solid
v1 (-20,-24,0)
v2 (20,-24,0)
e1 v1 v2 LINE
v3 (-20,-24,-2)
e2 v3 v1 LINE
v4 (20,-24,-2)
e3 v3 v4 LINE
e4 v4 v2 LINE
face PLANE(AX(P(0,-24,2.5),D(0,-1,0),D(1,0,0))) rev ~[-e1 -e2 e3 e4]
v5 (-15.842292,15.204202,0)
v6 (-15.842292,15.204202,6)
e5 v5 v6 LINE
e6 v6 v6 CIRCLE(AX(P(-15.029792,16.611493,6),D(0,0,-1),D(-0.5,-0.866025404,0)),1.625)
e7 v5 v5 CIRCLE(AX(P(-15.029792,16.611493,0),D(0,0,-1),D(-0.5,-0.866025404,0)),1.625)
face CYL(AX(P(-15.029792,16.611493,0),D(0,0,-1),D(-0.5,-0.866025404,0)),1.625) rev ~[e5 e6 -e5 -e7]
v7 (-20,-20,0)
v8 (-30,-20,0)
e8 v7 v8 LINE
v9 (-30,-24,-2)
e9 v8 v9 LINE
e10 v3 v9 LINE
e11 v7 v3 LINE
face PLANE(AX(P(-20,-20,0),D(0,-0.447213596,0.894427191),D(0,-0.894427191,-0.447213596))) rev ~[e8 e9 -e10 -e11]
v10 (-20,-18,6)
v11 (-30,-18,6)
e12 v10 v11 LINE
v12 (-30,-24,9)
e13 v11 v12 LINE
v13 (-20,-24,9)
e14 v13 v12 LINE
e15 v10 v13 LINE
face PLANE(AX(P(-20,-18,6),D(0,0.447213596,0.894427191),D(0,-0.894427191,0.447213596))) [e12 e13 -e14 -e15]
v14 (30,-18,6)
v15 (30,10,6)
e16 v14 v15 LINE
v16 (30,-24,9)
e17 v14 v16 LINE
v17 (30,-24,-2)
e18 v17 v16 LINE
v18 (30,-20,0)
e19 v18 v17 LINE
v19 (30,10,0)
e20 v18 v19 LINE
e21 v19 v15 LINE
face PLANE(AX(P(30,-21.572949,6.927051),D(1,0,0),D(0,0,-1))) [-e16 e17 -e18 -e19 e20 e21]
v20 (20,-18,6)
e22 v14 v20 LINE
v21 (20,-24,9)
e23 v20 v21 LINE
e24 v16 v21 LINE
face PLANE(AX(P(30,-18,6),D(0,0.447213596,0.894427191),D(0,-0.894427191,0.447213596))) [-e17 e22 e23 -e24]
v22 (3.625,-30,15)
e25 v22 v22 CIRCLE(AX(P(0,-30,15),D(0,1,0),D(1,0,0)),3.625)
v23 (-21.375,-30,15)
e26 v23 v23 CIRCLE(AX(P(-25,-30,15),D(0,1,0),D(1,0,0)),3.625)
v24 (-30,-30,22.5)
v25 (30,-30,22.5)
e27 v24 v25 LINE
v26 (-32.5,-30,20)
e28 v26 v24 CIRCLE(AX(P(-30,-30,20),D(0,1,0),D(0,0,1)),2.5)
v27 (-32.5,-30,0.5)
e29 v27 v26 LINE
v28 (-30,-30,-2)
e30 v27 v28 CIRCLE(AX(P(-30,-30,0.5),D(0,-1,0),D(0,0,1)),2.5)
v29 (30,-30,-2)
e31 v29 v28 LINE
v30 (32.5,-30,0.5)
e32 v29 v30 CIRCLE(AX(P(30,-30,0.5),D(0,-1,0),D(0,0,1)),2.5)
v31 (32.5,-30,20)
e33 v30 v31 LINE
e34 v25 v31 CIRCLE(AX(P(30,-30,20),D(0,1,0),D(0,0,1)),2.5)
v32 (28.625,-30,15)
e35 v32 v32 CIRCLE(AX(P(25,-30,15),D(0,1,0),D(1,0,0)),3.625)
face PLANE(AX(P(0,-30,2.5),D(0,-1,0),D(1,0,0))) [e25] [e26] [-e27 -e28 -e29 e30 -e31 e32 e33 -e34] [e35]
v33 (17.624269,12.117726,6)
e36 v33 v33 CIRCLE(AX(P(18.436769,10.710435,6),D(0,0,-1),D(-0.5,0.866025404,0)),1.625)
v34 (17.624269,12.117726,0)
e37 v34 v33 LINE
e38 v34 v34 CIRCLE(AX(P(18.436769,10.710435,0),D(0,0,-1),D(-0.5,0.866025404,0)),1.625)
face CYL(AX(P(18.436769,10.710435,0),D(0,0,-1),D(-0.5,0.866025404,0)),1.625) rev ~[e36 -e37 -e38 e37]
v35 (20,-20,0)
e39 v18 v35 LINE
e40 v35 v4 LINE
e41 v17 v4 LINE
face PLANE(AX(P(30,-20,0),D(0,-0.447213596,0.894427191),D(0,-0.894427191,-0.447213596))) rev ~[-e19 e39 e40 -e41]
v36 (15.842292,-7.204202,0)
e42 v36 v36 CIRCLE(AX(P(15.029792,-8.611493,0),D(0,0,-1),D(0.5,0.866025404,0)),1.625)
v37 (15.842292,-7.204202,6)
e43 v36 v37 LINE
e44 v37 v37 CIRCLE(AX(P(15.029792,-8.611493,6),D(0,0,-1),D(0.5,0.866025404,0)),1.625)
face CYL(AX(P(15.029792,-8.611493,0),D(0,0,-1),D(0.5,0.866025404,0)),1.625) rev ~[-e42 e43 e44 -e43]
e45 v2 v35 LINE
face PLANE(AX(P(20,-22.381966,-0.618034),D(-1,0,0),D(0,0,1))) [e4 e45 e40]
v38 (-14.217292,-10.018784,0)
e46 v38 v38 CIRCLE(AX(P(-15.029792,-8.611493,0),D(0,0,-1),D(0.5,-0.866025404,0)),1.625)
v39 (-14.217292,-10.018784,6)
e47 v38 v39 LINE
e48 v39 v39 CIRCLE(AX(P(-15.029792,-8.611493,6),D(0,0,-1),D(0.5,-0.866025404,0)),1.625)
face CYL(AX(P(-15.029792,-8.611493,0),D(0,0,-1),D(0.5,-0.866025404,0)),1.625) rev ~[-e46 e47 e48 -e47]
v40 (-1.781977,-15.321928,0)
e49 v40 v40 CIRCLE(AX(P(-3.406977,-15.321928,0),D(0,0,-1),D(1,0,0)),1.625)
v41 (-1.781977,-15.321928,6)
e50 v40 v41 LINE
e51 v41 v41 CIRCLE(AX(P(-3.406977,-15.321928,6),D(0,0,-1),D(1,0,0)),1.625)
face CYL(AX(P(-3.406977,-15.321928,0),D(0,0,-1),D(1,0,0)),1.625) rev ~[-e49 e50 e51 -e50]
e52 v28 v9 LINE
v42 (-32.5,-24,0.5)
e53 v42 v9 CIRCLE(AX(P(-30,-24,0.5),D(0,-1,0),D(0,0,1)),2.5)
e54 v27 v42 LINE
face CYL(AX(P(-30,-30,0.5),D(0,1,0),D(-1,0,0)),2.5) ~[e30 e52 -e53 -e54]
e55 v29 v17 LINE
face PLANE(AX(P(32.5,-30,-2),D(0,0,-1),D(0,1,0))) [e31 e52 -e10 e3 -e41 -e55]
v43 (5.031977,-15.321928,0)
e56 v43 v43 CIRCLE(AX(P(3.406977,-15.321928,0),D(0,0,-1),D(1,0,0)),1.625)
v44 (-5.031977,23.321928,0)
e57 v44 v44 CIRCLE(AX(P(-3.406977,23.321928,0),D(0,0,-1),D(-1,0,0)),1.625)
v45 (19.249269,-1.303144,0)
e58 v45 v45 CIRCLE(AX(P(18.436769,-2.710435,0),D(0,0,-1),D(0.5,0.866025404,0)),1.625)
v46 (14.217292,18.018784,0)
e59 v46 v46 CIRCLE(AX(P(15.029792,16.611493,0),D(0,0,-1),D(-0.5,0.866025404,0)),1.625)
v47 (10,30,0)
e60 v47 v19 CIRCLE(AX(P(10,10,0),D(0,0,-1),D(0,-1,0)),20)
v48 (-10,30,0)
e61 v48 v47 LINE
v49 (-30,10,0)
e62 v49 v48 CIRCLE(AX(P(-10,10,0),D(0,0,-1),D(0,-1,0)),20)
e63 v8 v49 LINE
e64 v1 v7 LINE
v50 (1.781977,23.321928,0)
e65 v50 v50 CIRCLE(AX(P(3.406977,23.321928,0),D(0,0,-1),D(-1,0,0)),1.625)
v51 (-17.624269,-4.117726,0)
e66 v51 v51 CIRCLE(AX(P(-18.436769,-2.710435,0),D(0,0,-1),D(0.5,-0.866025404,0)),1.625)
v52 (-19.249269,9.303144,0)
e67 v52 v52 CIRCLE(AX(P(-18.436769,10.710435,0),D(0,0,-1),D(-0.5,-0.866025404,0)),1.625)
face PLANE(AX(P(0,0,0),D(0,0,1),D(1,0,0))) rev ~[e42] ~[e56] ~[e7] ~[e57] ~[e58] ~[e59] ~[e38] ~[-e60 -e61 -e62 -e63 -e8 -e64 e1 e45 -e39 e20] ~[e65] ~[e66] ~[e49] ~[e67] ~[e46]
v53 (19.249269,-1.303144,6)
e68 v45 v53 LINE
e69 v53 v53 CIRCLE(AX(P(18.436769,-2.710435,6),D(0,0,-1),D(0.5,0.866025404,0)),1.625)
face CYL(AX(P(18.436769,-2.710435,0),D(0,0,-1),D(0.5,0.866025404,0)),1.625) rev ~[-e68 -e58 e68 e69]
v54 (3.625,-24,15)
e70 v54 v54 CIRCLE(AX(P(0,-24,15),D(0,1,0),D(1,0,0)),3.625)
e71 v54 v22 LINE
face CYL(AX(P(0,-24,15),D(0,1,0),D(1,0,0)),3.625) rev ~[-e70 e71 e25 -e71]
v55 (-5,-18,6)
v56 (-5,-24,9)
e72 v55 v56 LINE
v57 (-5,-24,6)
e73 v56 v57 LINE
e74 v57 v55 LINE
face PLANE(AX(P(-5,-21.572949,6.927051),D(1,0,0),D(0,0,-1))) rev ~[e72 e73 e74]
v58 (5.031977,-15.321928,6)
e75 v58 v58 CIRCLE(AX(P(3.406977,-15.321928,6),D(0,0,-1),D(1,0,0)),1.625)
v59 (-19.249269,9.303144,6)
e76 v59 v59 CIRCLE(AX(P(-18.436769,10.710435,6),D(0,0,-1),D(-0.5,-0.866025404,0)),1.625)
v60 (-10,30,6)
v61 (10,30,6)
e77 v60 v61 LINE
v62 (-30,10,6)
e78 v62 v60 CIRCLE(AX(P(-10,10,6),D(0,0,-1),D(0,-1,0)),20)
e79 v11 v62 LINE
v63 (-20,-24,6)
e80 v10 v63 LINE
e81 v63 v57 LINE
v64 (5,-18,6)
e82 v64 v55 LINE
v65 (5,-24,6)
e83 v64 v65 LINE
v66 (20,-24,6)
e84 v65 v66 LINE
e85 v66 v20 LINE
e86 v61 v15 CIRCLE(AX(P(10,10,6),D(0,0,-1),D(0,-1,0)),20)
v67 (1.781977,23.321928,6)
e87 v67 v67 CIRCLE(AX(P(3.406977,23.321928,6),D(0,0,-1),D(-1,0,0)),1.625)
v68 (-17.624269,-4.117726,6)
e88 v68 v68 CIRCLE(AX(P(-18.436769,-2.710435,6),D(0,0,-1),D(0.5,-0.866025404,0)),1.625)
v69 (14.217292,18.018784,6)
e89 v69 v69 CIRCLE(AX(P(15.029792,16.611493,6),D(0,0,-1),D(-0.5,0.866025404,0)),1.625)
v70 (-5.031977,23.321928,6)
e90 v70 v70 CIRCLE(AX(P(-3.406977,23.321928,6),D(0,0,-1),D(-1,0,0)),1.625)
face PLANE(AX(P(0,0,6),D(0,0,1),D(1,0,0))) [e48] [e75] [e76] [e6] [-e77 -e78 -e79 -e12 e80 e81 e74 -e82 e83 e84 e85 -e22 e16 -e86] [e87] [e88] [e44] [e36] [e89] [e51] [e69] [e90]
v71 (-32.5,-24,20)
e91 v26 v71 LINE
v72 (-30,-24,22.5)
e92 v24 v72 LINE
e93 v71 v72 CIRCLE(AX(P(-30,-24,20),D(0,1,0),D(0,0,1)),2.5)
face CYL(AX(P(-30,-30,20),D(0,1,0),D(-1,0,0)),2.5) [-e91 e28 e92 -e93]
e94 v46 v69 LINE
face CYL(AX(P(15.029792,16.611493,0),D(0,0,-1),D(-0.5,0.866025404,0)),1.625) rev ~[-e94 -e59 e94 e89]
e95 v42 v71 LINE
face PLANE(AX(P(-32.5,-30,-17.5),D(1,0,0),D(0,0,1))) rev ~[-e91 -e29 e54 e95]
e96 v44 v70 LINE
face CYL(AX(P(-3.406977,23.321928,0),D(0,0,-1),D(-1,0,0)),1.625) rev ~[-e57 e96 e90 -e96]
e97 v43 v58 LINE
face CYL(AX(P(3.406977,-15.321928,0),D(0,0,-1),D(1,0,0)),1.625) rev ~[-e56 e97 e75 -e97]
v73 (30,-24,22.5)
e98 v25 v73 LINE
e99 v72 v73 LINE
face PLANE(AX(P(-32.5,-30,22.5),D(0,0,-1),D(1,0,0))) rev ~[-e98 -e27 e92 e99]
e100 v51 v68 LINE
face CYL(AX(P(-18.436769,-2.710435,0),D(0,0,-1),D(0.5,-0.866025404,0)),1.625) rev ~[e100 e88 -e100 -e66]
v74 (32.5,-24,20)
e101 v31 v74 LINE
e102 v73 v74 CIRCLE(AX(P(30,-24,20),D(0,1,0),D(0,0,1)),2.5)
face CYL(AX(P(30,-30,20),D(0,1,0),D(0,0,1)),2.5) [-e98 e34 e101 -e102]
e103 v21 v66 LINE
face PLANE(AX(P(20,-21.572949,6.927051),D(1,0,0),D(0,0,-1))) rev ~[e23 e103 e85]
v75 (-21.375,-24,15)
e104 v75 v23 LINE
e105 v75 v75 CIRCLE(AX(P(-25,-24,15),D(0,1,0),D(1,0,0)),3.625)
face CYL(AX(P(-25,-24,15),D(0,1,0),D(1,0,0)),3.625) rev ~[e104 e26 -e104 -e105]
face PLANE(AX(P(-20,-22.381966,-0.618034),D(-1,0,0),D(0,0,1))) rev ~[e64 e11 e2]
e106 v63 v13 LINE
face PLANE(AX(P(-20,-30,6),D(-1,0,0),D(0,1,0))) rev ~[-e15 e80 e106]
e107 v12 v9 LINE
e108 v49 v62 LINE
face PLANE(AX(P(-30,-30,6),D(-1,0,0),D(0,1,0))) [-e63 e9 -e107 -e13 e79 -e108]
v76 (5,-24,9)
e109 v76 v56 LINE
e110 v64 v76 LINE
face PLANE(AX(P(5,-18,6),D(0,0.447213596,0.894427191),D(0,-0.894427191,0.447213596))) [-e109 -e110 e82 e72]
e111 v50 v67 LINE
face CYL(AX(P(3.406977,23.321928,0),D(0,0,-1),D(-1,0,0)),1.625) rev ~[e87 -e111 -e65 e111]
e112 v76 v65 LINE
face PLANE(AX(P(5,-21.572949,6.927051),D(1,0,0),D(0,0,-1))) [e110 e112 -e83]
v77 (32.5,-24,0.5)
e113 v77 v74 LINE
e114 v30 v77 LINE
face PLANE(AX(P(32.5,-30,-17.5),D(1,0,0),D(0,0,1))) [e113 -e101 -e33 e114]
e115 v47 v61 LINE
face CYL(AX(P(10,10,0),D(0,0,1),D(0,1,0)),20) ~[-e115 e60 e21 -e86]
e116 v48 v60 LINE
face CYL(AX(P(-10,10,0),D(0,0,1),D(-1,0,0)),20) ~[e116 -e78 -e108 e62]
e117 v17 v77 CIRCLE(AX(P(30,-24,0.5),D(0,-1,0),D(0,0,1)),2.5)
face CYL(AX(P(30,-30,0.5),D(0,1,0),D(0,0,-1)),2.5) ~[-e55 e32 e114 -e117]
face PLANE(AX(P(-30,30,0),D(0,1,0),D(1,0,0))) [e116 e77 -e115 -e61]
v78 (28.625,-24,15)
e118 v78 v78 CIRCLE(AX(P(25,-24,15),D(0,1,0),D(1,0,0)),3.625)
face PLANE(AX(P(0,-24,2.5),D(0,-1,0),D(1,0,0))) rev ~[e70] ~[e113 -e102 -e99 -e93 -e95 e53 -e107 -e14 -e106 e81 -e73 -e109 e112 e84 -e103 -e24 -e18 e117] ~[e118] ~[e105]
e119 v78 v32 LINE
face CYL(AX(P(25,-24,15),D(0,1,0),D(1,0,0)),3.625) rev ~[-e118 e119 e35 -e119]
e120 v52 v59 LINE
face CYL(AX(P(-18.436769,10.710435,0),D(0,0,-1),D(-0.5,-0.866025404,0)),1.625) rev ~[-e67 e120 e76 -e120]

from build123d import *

# Parameters (mm, degrees)
SKETCH1_W           = 60
SKETCH1_H           = 60
BOSS_EXTRUDE1_DEPTH = 6
SKETCH2_W           = 10
SKETCH2_H           = 6
BOSS_EXTRUDE2_DEPTH = 14
BOSS_EXTRUDE3_DEPTH = 10
SKETCH4_R           = 3.625
CUT_EXTRUDE1_DEPTH  = 15
LPATTERN2_COUNT     = 3
LPATTERN2_PITCH     = 25
SKETCH5_R           = 1.625
CUT_EXTRUDE2_DEPTH  = 15
CIRPATTERN2_COUNT   = 6
FILLET1_R           = 20
SKETCH_3_W          = 65
SKETCH_3_H          = 40
SKETCH_3_R          = 3.625
EXTRUDE_1_DEPTH     = 6
SKETCH_6_W          = 15.5
SKETCH_6_H          = 6
CUT_EXTRUDE_2_DEPTH = 65
FILLET_2_R          = 2.5
SKETCH_7_W          = 2
SKETCH_7_H          = 4
CUT_EXTRUDE_3_DEPTH = 10


with BuildPart() as part:
    # Sketch1 → Boss-Extrude1 (new body)
    with BuildSketch(Plane.XY):
        Rectangle(SKETCH1_W, SKETCH1_H)
    extrude(amount=BOSS_EXTRUDE1_DEPTH)

    # Sketch2 → Boss-Extrude2 (add)
    with BuildSketch(Plane.XY.offset(6)):
        with Locations((25, -27)):
            Rectangle(SKETCH2_W, SKETCH2_H)
    boss_extrude2 = extrude(amount=BOSS_EXTRUDE2_DEPTH)

    # Sketch3 → Boss-Extrude3 (add)
    with BuildSketch(Plane(origin=(30, 0, 0), x_dir=(0, 0, -1), z_dir=(1, 0, 0))):
        Polygon((-6, -18), (-9, -24), (-6, -24), align=None)
        Polygon((0, -20), (2, -24), (0, -24), align=None)
    boss_extrude3 = extrude(amount=-BOSS_EXTRUDE3_DEPTH)

    # Sketch4 → Cut-Extrude1 (cut)
    with BuildSketch(Plane(origin=(0, -24, 0), x_dir=(1, 0, 0), z_dir=(0, 1, 0))):
        with Locations((25, -15)):
            Circle(SKETCH4_R)
    cut_extrude1 = extrude(amount=-CUT_EXTRUDE1_DEPTH, mode=Mode.SUBTRACT)

    # LPattern2: Boss-Extrude2, Boss-Extrude3, Cut-Extrude1 ×3
    with Locations(*[(-i * LPATTERN2_PITCH, 0, 0) for i in range(1, LPATTERN2_COUNT)]):
        add(boss_extrude2)
        add(boss_extrude3)
        add(cut_extrude1, mode=Mode.SUBTRACT)

    # Sketch5 → Cut-Extrude2 (cut)
    with BuildSketch(Plane(origin=(0, 0, 0), x_dir=(-1, 0, 0), z_dir=(0, 0, -1))):
        with Locations((3.406977246, 23.321928114)):
            Circle(SKETCH5_R)
        with Locations((-3.406977246, 23.321928114)):
            Circle(SKETCH5_R)
    cut_extrude2 = extrude(amount=-CUT_EXTRUDE2_DEPTH, mode=Mode.SUBTRACT)

    # CirPattern2: Cut-Extrude2 ×6 about axis
    cirpattern2_axis = Axis((0, 4, 0), (0, 0, 1))
    for i in range(1, CIRPATTERN2_COUNT):
        add(cut_extrude2.rotate(cirpattern2_axis, i * 360 / CIRPATTERN2_COUNT), mode=Mode.SUBTRACT)

    # Fillet1
    fillet1_edges = [part.edges().sort_by_distance(p)[0] for p in [
        (-30, 30, 3),
        (30, 30, 3),
    ]]
    fillet(fillet1_edges, radius=FILLET1_R)

    # 스케치3 → 보스-돌출1 (add)
    with BuildSketch(Plane.XZ.offset(30)):
        with Locations((0, 2.5)):
            Rectangle(SKETCH_3_W, SKETCH_3_H)
        with Locations((-25, 15)):
            Circle(SKETCH_3_R, mode=Mode.SUBTRACT)
        with Locations((0, 15)):
            Circle(SKETCH_3_R, mode=Mode.SUBTRACT)
        with Locations((25, 15)):
            Circle(SKETCH_3_R, mode=Mode.SUBTRACT)
        with Locations((-25, -10)):
            Circle(SKETCH_3_R, mode=Mode.SUBTRACT)
        with Locations((0, -10)):
            Circle(SKETCH_3_R, mode=Mode.SUBTRACT)
        with Locations((25, -10)):
            Circle(SKETCH_3_R, mode=Mode.SUBTRACT)
    extrude(amount=-EXTRUDE_1_DEPTH)

    # 스케치6 → 컷-돌출2 (cut)
    with BuildSketch(Plane(origin=(32.5, 0, 0), x_dir=(0, 0, -1), z_dir=(1, 0, 0))):
        with Locations((9.75, -27)):
            Rectangle(SKETCH_6_W, SKETCH_6_H)
    extrude(amount=-CUT_EXTRUDE_2_DEPTH, mode=Mode.SUBTRACT)

    # 필렛2
    fillet_2_edges = [part.edges().sort_by_distance(p)[0] for p in [
        (-32.5, -27, 22.5),
        (-32.5, -27, -2),
        (32.5, -27, 22.5),
        (32.5, -27, -2),
    ]]
    fillet(fillet_2_edges, radius=FILLET_2_R)

    # 스케치7 → 컷-돌출3 (cut)
    with BuildSketch(Plane(origin=(5, 0, 0), x_dir=(0, 0, -1), z_dir=(1, 0, 0))):
        with Locations((1, -22)):
            Rectangle(SKETCH_7_W, SKETCH_7_H)
    extrude(amount=-CUT_EXTRUDE_3_DEPTH, mode=Mode.SUBTRACT)


solid = part.part
